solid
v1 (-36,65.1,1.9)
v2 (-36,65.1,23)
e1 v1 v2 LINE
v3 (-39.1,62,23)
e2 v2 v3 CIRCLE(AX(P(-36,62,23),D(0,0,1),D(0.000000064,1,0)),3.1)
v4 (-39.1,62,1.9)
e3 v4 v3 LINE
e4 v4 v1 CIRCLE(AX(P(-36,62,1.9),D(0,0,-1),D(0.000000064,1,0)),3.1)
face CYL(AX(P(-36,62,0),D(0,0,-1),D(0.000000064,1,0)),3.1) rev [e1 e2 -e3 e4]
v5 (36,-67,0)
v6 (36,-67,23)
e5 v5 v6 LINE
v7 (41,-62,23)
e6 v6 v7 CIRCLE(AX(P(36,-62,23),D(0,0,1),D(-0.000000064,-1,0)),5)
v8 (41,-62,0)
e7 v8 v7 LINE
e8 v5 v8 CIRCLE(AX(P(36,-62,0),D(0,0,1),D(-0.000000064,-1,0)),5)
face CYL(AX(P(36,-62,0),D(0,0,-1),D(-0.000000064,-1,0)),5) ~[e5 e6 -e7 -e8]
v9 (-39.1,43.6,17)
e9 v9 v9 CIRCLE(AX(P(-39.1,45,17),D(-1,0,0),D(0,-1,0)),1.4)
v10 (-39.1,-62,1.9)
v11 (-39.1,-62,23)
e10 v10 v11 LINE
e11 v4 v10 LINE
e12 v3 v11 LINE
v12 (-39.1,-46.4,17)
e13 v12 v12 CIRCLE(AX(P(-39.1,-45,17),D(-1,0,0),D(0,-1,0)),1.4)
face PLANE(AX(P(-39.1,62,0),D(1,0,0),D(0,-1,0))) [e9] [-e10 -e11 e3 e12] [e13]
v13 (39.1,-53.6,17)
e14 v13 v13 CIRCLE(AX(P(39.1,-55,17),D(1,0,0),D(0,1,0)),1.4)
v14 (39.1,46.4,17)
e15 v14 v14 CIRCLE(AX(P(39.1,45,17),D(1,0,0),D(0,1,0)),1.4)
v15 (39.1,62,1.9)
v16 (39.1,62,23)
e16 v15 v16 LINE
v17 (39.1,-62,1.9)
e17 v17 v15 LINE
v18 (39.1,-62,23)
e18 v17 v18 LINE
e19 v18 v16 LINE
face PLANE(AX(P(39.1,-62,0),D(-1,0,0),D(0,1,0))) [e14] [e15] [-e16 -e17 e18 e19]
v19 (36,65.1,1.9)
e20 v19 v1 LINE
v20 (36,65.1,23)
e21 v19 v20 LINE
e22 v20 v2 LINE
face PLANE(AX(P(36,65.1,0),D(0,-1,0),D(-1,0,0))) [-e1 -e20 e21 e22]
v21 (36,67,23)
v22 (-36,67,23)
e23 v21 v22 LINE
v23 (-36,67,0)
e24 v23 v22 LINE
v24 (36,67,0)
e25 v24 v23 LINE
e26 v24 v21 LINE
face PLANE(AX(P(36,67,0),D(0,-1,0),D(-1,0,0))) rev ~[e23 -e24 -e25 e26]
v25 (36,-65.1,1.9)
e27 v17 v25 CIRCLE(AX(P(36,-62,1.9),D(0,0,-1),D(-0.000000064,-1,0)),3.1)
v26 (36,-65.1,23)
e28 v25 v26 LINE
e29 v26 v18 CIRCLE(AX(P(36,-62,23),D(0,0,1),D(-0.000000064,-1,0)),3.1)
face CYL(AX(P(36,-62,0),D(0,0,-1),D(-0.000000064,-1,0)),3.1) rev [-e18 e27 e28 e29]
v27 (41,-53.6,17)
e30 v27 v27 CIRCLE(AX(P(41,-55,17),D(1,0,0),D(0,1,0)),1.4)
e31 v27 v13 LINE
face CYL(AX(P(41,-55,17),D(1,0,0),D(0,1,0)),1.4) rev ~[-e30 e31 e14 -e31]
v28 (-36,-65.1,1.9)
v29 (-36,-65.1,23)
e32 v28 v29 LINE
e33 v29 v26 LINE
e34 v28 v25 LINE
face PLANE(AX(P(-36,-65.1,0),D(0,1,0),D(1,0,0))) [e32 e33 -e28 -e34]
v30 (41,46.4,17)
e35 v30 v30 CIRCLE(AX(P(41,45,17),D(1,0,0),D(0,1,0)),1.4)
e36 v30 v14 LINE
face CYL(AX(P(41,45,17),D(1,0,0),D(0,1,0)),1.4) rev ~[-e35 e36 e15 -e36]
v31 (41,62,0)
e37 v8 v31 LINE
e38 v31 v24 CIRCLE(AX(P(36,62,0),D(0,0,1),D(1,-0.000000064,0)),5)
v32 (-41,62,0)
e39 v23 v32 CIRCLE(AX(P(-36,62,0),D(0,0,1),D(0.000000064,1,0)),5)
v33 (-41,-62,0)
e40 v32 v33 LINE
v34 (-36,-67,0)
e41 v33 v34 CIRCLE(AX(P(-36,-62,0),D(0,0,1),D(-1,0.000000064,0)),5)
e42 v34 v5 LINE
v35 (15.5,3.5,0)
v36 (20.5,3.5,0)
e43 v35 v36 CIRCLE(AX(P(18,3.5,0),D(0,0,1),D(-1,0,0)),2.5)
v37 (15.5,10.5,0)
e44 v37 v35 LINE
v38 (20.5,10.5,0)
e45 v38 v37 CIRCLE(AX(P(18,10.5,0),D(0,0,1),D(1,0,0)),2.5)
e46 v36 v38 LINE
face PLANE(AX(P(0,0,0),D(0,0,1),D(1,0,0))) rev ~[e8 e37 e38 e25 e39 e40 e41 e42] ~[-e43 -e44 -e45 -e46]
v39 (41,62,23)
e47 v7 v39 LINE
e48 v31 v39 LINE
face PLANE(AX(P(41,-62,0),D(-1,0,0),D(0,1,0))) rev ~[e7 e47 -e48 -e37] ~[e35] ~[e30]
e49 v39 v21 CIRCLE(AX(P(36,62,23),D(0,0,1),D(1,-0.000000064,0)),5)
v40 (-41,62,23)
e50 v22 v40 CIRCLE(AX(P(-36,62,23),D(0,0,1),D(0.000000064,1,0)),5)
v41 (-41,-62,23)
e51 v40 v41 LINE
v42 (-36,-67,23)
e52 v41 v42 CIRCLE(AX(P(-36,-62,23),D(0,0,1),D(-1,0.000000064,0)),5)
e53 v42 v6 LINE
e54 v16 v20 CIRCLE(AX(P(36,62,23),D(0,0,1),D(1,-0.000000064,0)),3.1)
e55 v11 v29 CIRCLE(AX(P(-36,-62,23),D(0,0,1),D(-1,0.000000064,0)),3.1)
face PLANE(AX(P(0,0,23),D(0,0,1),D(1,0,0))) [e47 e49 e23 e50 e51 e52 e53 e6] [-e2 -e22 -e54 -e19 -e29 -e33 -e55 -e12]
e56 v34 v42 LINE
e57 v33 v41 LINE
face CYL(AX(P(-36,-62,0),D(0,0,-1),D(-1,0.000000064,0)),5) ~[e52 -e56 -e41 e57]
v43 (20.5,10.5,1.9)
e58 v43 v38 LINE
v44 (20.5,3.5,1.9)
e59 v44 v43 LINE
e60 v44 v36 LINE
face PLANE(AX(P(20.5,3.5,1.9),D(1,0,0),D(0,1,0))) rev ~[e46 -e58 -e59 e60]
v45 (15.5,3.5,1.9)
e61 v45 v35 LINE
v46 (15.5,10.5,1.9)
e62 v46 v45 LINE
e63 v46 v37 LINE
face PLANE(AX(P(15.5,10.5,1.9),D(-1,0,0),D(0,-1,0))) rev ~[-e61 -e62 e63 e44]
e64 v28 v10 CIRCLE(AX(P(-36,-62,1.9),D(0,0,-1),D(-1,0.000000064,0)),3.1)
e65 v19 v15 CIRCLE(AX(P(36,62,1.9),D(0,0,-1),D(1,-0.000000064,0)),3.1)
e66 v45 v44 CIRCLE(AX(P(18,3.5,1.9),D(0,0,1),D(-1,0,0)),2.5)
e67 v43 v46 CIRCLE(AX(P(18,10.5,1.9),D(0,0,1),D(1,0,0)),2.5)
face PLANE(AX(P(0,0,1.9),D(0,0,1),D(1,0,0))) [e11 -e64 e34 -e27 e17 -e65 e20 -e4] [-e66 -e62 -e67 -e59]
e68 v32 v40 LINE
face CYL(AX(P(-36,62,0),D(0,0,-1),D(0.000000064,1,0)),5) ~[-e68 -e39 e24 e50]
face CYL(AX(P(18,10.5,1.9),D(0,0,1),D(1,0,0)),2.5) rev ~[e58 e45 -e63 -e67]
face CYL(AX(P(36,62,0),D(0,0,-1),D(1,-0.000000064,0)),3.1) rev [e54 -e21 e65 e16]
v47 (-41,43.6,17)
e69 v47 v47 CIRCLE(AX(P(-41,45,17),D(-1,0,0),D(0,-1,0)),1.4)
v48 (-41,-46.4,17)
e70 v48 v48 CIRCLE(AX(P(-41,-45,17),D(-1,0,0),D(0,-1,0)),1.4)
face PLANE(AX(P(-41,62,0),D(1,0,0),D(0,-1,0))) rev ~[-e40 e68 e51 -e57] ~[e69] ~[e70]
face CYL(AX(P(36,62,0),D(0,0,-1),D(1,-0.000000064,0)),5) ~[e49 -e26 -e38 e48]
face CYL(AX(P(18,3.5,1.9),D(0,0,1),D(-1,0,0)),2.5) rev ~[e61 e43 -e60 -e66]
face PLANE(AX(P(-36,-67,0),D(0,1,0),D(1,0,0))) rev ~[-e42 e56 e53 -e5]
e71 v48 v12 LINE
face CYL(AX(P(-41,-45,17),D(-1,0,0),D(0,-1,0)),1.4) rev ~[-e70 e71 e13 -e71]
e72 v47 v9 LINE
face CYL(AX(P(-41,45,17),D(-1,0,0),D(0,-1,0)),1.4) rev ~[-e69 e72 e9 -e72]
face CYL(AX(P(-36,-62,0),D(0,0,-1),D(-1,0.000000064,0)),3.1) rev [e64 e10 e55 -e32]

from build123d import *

# Parameters (mm, degrees)
F1_DEPTH = 23
F2_T     = -1.9
F4_DEPTH = 2
F5_R     = 1.4
F6_DEPTH = 2
F7_R     = 1.4
F8_DEPTH = 2


with BuildPart() as f1:
    # F0 (on Top) → F1 (new body)
    with BuildSketch(Plane.XY):
        with BuildLine():
            Line((-36, -67), (36, -67))
            ThreePointArc((36, -67), (39.535534, -65.535534), (41, -62))
            Line((41, -62), (41, 62))
            ThreePointArc((41, 62), (39.535534, 65.535534), (36, 67))
            Line((36, 67), (-36, 67))
            ThreePointArc((-36, 67), (-39.535534, 65.535534), (-41, 62))
            Line((-41, 62), (-41, -62))
            ThreePointArc((-41, -62), (-39.535534, -65.535534), (-36, -67))
        make_face()
    extrude(amount=F1_DEPTH)

    # F2
    f2_openings = [f1.faces().sort_by_distance(p)[0] for p in [
        (0, 0, 23),
    ]]
    offset(amount=F2_T, openings=f2_openings)

    # F3 (on face) → F4 (cut)
    with BuildSketch(Plane.XY.offset(1.9)):
        with BuildLine():
            ThreePointArc((15.5, 3.5), (18, 1), (20.5, 3.5))
            Line((20.5, 3.5), (20.5, 10.5))
            ThreePointArc((20.5, 10.5), (18, 13), (15.5, 10.5))
            Line((15.5, 10.5), (15.5, 3.5))
        make_face()
    extrude(amount=-F4_DEPTH, mode=Mode.SUBTRACT)

    # F5 (on face) → F6 (cut)
    with BuildSketch(Plane(origin=(-41, 0, 0), x_dir=(0, -1, 0), z_dir=(-1, 0, 0))):
        with Locations((-45, 17)):
            Circle(F5_R)
        with Locations((45, 17)):
            Circle(F5_R)
    extrude(amount=-F6_DEPTH, mode=Mode.SUBTRACT)

    # F7 (on face) → F8 (cut)
    with BuildSketch(Plane.YZ.offset(41)):
        with Locations((-55, 17)):
            Circle(F7_R)
        with Locations((45, 17)):
            Circle(F7_R)
    extrude(amount=-F8_DEPTH, mode=Mode.SUBTRACT)


solid = f1.part
